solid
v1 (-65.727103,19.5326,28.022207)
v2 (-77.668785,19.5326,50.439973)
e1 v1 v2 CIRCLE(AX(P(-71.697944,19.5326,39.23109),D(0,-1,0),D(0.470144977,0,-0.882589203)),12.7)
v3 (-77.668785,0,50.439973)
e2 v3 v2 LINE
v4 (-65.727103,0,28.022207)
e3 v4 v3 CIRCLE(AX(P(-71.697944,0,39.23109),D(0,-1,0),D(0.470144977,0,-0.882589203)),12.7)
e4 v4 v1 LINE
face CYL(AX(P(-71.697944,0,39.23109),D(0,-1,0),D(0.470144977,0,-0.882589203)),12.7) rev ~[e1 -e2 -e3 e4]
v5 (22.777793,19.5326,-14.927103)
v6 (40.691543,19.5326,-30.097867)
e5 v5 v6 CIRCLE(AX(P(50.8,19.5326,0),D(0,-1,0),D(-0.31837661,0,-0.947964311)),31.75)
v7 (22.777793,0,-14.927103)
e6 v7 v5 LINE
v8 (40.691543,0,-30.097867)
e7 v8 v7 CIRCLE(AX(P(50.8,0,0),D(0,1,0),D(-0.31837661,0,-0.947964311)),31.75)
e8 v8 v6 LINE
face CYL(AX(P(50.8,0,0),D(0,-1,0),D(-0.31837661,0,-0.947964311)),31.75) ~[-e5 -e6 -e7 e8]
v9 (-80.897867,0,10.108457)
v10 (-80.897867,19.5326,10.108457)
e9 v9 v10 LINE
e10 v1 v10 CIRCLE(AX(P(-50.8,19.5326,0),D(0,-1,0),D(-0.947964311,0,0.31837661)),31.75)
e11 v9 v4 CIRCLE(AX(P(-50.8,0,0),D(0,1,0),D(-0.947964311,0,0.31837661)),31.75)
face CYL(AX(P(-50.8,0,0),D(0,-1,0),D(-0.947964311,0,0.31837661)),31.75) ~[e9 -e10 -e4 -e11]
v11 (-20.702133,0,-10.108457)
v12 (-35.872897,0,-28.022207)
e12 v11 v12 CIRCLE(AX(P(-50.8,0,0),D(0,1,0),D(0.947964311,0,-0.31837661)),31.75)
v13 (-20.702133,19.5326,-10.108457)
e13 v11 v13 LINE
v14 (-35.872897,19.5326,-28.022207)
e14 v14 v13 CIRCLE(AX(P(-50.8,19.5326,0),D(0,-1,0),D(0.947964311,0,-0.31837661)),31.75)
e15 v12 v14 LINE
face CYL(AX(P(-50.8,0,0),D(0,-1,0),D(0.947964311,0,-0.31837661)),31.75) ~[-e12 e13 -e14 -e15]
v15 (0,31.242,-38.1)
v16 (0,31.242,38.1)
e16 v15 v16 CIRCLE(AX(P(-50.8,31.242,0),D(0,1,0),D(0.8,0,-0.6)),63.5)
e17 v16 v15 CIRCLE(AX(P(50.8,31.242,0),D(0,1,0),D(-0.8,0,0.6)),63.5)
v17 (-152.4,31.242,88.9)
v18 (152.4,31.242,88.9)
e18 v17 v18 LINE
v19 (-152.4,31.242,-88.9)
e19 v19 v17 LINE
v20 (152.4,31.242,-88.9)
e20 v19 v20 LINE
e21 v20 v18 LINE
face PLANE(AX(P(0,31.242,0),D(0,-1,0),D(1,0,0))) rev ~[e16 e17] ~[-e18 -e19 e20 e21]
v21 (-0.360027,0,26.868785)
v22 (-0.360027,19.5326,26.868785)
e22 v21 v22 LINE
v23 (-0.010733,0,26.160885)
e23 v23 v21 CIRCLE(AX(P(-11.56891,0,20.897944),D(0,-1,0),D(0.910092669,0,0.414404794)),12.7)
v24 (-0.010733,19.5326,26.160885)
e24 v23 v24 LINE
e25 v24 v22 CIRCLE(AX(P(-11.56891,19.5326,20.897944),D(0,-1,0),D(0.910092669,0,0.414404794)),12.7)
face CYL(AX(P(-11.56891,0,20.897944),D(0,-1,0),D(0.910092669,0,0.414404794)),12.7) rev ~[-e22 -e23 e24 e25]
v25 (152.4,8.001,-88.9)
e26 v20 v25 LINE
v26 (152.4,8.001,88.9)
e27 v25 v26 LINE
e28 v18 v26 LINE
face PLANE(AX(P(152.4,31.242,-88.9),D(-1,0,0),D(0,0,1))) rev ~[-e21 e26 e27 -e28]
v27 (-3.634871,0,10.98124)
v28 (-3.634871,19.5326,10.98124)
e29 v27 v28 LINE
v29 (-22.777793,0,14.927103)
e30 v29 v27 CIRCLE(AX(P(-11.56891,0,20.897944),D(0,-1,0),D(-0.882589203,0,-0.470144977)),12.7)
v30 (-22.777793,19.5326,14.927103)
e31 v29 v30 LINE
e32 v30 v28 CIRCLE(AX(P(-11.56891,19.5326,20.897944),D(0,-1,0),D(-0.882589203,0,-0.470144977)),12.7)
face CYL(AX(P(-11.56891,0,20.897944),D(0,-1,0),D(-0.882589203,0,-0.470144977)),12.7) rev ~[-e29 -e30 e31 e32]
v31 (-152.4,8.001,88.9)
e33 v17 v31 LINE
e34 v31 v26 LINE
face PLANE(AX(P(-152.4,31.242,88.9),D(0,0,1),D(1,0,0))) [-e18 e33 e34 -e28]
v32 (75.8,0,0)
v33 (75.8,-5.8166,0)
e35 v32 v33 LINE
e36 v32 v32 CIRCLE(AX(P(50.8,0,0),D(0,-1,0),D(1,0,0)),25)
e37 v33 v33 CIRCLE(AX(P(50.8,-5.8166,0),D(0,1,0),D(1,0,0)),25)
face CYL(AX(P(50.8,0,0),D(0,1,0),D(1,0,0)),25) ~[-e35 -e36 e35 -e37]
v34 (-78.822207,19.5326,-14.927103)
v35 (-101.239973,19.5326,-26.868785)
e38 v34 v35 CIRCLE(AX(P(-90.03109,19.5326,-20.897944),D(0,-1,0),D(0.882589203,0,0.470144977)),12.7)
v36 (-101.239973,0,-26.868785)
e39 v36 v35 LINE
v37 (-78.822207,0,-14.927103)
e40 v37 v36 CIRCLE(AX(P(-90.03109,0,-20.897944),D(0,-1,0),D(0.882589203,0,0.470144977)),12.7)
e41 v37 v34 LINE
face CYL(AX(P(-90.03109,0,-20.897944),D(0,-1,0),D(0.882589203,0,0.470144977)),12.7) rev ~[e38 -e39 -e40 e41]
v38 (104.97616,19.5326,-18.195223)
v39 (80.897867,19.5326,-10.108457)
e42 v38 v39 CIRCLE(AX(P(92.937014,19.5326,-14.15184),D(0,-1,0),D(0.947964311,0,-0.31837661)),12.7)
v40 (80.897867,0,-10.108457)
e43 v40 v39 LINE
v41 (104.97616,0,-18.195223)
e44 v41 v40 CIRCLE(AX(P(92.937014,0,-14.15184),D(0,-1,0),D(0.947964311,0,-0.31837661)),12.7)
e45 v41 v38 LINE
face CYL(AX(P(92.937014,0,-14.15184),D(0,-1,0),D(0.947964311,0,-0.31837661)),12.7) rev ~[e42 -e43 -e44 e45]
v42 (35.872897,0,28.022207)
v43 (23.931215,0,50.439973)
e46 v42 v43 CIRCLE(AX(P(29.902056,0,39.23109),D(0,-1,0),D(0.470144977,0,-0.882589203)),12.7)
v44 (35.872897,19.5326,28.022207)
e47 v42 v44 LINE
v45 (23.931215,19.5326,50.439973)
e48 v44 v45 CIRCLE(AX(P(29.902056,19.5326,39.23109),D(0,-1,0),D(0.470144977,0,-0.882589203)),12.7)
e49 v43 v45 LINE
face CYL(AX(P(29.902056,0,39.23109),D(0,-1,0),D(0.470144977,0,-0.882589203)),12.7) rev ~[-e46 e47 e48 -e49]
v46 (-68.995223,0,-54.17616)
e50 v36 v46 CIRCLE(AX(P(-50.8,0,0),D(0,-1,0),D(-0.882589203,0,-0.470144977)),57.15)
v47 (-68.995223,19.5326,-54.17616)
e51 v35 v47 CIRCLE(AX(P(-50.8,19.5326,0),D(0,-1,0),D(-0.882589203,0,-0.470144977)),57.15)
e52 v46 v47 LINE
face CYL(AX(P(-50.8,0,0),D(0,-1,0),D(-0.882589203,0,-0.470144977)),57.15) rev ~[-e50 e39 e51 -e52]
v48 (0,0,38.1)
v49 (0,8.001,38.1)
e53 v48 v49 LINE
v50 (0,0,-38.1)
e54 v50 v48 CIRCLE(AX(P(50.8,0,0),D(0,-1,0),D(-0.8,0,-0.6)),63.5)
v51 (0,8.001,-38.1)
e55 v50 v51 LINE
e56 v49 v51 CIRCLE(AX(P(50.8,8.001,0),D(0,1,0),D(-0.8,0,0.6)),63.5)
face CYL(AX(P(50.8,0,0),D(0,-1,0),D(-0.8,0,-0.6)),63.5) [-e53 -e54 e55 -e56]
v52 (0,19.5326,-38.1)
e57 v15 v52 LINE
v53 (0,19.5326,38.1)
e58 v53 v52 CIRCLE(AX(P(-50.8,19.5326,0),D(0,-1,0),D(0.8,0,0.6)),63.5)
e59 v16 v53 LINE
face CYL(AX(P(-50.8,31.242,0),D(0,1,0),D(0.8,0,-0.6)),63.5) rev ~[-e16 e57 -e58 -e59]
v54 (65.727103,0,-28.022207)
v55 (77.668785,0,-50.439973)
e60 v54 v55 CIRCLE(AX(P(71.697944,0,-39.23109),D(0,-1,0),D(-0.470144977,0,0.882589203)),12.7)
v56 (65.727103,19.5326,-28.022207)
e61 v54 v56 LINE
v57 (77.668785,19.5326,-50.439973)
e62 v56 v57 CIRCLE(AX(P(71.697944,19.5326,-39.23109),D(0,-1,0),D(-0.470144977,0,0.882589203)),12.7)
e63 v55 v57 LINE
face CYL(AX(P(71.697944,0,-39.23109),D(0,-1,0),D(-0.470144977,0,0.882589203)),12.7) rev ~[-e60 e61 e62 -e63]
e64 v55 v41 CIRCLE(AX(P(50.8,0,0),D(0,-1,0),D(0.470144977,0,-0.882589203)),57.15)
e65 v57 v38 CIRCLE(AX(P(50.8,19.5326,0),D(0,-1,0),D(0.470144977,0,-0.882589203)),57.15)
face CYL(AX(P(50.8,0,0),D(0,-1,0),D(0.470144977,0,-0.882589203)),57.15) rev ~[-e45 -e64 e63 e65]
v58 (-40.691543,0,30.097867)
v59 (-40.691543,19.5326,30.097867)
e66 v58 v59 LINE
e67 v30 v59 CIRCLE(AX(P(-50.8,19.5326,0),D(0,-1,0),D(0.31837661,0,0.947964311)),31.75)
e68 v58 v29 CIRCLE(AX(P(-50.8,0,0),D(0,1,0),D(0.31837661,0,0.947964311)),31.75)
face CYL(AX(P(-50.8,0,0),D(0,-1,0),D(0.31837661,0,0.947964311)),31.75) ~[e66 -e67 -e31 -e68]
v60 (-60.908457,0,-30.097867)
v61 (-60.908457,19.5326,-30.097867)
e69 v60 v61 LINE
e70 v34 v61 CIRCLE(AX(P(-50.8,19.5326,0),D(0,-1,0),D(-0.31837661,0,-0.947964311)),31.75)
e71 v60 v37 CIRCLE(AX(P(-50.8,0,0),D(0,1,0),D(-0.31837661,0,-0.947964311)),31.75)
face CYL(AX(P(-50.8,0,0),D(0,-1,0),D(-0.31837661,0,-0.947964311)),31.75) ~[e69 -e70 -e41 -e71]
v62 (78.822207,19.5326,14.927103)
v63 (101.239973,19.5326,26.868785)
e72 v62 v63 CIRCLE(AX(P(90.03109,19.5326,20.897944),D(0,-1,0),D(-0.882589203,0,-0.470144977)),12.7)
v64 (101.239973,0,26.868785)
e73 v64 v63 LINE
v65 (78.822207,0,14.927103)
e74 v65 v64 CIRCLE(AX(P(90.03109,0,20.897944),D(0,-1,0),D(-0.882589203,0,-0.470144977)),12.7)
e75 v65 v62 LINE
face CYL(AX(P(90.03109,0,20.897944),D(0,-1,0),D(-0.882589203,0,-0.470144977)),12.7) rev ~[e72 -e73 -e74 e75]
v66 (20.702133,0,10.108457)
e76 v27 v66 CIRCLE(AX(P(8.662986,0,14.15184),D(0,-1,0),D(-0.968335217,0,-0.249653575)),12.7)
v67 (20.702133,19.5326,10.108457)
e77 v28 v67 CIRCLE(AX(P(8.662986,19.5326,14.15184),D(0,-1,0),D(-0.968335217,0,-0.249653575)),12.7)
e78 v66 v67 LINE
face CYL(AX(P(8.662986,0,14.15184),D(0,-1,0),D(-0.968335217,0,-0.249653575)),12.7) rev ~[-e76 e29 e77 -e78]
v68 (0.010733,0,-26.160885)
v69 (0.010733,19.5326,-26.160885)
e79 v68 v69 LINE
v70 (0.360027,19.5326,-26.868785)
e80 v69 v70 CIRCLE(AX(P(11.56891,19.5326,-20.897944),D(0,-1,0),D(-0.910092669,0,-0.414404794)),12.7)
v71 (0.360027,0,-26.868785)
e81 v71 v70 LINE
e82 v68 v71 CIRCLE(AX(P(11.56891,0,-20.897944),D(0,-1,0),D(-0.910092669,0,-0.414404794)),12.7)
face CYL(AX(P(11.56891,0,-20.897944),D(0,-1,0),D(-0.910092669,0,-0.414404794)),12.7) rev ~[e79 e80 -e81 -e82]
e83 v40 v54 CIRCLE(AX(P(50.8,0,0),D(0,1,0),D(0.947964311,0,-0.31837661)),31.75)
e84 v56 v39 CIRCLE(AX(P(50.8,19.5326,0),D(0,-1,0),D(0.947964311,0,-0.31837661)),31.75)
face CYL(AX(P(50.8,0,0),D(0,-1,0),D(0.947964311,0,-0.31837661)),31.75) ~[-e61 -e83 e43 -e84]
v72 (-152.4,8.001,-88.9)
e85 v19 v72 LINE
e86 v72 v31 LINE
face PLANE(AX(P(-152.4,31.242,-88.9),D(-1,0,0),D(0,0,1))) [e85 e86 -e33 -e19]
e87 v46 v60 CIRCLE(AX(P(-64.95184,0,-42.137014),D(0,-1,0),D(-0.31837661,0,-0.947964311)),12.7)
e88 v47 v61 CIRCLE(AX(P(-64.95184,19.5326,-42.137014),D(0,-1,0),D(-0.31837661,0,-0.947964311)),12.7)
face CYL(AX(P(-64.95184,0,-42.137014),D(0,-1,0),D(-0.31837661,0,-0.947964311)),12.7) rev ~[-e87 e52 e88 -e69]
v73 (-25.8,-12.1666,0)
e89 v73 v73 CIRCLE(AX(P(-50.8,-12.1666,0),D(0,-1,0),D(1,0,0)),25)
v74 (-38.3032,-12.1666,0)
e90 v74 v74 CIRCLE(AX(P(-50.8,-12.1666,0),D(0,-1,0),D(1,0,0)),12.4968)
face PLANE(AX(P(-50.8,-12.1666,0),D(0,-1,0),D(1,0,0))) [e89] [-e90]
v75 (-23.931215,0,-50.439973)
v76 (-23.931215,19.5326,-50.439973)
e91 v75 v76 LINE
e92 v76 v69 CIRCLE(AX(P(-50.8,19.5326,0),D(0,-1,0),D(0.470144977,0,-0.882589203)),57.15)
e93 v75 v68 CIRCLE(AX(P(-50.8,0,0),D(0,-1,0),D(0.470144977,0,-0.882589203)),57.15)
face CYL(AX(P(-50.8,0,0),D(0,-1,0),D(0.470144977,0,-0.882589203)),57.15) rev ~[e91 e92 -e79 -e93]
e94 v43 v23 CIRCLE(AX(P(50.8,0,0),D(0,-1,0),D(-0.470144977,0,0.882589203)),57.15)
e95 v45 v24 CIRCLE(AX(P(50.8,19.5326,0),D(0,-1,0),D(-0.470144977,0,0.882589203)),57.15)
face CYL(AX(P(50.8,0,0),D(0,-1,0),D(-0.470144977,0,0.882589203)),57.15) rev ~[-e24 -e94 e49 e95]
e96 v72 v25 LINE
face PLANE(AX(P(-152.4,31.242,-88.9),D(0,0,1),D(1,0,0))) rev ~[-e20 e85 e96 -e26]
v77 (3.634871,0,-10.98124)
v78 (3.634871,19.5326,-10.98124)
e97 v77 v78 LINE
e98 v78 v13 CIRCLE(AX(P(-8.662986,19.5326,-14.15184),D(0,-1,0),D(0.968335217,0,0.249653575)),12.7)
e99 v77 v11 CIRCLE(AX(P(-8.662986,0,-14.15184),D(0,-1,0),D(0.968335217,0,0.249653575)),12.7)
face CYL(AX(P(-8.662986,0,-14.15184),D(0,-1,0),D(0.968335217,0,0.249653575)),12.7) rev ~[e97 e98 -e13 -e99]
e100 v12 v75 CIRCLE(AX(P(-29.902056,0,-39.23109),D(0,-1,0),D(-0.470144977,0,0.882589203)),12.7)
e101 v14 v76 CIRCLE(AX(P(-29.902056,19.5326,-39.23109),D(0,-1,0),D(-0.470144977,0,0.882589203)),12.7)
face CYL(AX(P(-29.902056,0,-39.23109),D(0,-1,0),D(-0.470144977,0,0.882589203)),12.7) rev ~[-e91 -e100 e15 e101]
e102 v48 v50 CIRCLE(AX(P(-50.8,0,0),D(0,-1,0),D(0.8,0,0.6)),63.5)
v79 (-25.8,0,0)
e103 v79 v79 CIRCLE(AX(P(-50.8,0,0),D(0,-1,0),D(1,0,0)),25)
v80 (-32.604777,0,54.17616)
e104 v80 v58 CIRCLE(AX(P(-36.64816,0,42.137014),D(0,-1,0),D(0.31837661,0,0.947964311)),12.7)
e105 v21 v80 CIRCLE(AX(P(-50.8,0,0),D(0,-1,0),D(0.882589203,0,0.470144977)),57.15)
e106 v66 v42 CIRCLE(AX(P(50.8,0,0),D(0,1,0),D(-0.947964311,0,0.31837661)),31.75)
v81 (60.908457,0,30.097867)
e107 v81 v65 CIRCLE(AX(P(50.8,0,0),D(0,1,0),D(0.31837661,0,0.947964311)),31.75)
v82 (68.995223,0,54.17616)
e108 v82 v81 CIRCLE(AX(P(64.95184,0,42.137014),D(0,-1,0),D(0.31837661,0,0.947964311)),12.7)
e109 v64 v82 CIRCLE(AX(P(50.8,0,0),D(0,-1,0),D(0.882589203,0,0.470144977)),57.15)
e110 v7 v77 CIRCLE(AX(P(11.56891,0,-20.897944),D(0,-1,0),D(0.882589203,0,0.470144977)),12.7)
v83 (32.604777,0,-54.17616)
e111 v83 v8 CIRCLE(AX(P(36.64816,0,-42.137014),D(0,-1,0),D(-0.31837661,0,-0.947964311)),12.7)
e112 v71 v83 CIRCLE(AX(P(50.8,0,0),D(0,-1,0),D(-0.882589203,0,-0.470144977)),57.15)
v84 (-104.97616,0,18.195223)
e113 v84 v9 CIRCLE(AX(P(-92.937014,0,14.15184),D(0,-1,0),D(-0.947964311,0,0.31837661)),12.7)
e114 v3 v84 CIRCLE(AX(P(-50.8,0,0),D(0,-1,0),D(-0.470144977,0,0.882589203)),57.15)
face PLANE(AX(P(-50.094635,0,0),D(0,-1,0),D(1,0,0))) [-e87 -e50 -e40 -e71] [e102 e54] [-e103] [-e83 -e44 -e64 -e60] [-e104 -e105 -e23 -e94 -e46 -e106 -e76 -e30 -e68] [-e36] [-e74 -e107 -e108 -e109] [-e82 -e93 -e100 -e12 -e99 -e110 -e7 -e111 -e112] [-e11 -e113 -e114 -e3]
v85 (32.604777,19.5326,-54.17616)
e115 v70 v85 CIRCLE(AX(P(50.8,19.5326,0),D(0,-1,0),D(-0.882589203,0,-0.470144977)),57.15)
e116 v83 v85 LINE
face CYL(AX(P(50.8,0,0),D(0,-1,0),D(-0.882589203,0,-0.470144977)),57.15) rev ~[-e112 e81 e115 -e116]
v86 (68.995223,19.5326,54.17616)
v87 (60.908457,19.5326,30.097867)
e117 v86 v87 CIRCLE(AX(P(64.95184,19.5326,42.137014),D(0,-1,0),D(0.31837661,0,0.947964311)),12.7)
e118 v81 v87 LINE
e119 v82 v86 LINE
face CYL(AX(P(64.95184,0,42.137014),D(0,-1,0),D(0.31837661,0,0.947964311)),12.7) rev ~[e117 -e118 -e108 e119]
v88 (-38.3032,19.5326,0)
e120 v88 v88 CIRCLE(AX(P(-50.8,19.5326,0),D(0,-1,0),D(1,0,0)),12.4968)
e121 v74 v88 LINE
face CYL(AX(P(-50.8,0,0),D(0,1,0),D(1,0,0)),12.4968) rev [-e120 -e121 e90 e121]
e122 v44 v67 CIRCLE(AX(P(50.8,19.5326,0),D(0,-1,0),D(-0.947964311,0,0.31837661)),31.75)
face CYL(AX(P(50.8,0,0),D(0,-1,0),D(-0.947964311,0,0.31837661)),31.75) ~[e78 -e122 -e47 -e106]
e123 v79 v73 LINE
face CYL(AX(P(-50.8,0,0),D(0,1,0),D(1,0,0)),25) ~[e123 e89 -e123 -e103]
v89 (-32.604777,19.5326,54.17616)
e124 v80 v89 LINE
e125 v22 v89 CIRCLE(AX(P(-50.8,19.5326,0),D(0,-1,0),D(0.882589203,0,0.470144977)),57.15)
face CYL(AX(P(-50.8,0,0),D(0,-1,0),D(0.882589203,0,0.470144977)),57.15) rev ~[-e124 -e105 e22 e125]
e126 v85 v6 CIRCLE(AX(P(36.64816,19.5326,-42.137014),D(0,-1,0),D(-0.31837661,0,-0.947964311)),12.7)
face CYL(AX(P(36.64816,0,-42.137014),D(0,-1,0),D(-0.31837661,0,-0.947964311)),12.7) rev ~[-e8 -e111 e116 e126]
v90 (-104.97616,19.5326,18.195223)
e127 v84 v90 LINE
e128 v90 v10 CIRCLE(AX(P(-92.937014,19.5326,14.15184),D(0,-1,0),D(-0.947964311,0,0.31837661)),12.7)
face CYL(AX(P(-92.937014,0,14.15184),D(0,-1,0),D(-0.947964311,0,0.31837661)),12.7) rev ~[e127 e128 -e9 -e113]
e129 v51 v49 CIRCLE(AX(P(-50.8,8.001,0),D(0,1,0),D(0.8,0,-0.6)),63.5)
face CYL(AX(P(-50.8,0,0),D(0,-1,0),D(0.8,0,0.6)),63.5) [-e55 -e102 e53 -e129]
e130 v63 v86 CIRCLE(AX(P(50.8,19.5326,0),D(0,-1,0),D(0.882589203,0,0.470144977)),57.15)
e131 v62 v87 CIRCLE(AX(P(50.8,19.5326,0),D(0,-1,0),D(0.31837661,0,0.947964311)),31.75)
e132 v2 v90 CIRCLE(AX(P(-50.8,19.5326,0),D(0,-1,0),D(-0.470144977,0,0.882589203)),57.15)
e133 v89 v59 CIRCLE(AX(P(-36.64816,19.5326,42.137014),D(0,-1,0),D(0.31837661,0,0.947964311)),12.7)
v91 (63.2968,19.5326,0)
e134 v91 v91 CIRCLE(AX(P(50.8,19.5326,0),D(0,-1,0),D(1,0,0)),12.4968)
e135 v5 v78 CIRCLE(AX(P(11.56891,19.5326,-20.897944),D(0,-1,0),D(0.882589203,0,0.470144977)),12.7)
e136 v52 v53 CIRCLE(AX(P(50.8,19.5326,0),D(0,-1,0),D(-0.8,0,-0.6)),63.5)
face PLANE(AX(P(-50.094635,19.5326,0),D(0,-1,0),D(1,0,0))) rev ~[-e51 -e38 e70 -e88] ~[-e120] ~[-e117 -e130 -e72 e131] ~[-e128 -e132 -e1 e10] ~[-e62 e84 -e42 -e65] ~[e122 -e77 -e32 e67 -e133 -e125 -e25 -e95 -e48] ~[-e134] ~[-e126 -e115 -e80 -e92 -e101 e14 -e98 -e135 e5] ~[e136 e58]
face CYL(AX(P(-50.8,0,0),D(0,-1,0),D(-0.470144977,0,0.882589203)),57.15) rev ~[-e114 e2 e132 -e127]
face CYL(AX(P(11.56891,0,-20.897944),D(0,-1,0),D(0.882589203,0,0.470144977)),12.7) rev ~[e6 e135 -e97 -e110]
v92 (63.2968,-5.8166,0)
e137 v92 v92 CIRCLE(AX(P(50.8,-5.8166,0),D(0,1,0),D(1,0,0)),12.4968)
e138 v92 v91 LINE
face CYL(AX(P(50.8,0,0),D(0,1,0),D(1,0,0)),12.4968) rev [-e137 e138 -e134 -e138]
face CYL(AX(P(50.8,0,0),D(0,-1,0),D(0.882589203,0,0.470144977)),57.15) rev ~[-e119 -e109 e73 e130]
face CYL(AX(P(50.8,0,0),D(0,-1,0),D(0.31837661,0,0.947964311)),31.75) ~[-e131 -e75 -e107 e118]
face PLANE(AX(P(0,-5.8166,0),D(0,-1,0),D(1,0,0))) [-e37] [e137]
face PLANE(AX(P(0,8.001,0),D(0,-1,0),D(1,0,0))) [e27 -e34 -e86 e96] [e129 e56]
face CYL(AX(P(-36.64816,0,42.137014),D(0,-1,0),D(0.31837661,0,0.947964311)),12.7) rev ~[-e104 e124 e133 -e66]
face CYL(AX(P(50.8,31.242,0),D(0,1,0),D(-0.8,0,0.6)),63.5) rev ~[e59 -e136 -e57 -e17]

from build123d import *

# Parameters (mm, degrees)
F2_W          = 304.8
F2_H          = 177.8
F3_DEPTH      = 23.241
F0_R          = 25
F0_R_2        = 12.4968
F4_DEPTH      = 12.1666
F5_DEPTH      = 19.5326
F6_W          = 127
F6_H          = 25.4
F7_DEPTH      = 127
F7_DEPTH_BACK = 127
F9_DEPTH      = 31.243


with BuildPart() as f3:
    # F2 (on offset) → F3 (new body)
    with BuildSketch(Plane.XZ.offset(-31.242)):
        Rectangle(F2_W, F2_H)
        with BuildLine():
            ThreePointArc((0, -38.1), (-114.3, 0), (0, 38.1))
            ThreePointArc((0, 38.1), (70.8804631421, 60.2413894262), (114.3, 0))
            ThreePointArc((114.3, 0), (70.8804631421, -60.2413894262), (0, -38.1))
        make_face(mode=Mode.SUBTRACT)
    extrude(amount=F3_DEPTH)



with BuildPart() as f4:
    # F0 (on Front) → F4 (new body)
    with BuildSketch(Plane.XZ):
        with Locations((-50.8, 0)):
            Circle(F0_R)
        with Locations((-50.8, 0)):
            Circle(F0_R_2, mode=Mode.SUBTRACT)
    extrude(amount=F4_DEPTH)


with BuildPart() as f4b:
    # F0 (on Front) → F4, piece 2 (new body)
    with BuildSketch(Plane.XZ):
        with Locations((50.8, 0)):
            Circle(F0_R)
        with Locations((50.8, 0)):
            Circle(F0_R_2, mode=Mode.SUBTRACT)
    extrude(amount=F4_DEPTH)


with BuildPart() as f3_1:
    add(f3.part)

    add(f4.part)  # F5 merges F4

    add(f4b.part)  # F5 merges F4b
    # F0 (on Front) → F5 (join)
    with BuildSketch(Plane.XZ):
        with BuildLine():
            ThreePointArc((0, -38.1), (-12.7, 0), (0, 38.1))
            ThreePointArc((0, 38.1), (-114.3, 0), (0, -38.1))
        make_face()
        with Locations((-50.8, 0)):
            Circle(F0_R, mode=Mode.SUBTRACT)
        with Locations((-50.8, 0)):
            Circle(F0_R)
        with Locations((-50.8, 0)):
            Circle(F0_R_2, mode=Mode.SUBTRACT)
        with BuildLine():
            ThreePointArc((0, 38.1), (9.4413894262, 20.0804631421), (12.7, 0))
            ThreePointArc((12.7, 0), (9.4413894262, -20.0804631421), (0, -38.1))
            ThreePointArc((0, -38.1), (70.8804631421, -60.2413894262), (114.3, 0))
            ThreePointArc((114.3, 0), (70.8804631421, 60.2413894262), (0, 38.1))
        make_face()
        with Locations((50.8, 0)):
            Circle(F0_R, mode=Mode.SUBTRACT)
        with Locations((50.8, 0)):
            Circle(F0_R)
        with Locations((50.8, 0)):
            Circle(F0_R_2, mode=Mode.SUBTRACT)
        with BuildLine():
            ThreePointArc((0, -38.1), (9.4413894262, -20.0804631421), (12.7, 0))
            ThreePointArc((12.7, 0), (9.4413894262, 20.0804631421), (0, 38.1))
            ThreePointArc((0, 38.1), (-12.7, 0), (0, -38.1))
        make_face()
    extrude(amount=-F5_DEPTH)

    # F6 (on Top) → F7 (cut, two sides)
    with BuildSketch(Plane.XY) as f7_sk:
        with Locations((63.5, -18.5166)):
            Rectangle(F6_W, F6_H)
    extrude(amount=-F7_DEPTH, mode=Mode.SUBTRACT)
    extrude(f7_sk.sketch, amount=F7_DEPTH_BACK, mode=Mode.SUBTRACT)

    # F8 (on Front) → F9 (cut, through all)
    with BuildSketch(Plane.XZ):
        with BuildLine():
            ThreePointArc((-65.7271030045, 28.0222071917), (-60.4890613296, 45.2019312701), (-77.6687854081, 50.439972945))
            ThreePointArc((-77.6687854081, 50.439972945), (-94.411945371, 36.9340049406), (-104.9761603541, 18.1952232547))
            ThreePointArc((-104.9761603541, 18.1952232547), (-96.9803965542, 2.1126935639), (-80.8978668634, 10.1084573637))
            ThreePointArc((-80.8978668634, 10.1084573637), (-75.0288585395, 20.5188916337), (-65.7271030045, 28.0222071917))
        make_face()
        with BuildLine():
            ThreePointArc((-78.8222071917, -14.9271030045), (-96.0019312701, -9.6890613296), (-101.239972945, -26.8687854081))
            ThreePointArc((-101.239972945, -26.8687854081), (-87.7340049406, -43.611945371), (-68.9952232547, -54.1761603541))
            ThreePointArc((-68.9952232547, -54.1761603541), (-52.9126935639, -46.1803965542), (-60.9084573637, -30.0978668634))
            ThreePointArc((-60.9084573637, -30.0978668634), (-71.3188916337, -24.2288585395), (-78.8222071917, -14.9271030045))
        make_face()
        with BuildLine():
            ThreePointArc((-35.8728969955, -28.0222071917), (-41.1109386704, -45.2019312701), (-23.9312145919, -50.439972945))
            ThreePointArc((-23.9312145919, -50.439972945), (-10.107305041, -40.127634829), (0.010733032, -26.1608850911))
            ThreePointArc((0.010733032, -26.1608850911), (0.1798786546, -26.5175497593), (0.360027055, -26.8687854081))
            ThreePointArc((0.360027055, -26.8687854081), (13.8659950594, -43.611945371), (32.6047767453, -54.1761603541))
            ThreePointArc((32.6047767453, -54.1761603541), (48.6873064361, -46.1803965542), (40.6915426363, -30.0978668634))
            ThreePointArc((40.6915426363, -30.0978668634), (30.2811083663, -24.2288585395), (22.7777928083, -14.9271030045))
            ThreePointArc((22.7777928083, -14.9271030045), (14.1328150363, -8.4594398503), (3.6348708656, -10.9812399102))
            ThreePointArc((3.6348708656, -10.9812399102), (-8.2078269406, -1.4599992342), (-20.7021331366, -10.1084573637))
            ThreePointArc((-20.7021331366, -10.1084573637), (-26.5711414605, -20.5188916337), (-35.8728969955, -28.0222071917))
        make_face()
        with BuildLine():
            ThreePointArc((-0.010733032, 26.1608850911), (-0.1798786546, 26.5175497593), (-0.360027055, 26.8687854081))
            ThreePointArc((-0.360027055, 26.8687854081), (-13.8659950594, 43.611945371), (-32.6047767453, 54.1761603541))
            ThreePointArc((-32.6047767453, 54.1761603541), (-48.6873064361, 46.1803965542), (-40.6915426363, 30.0978668634))
            ThreePointArc((-40.6915426363, 30.0978668634), (-30.2811083663, 24.2288585395), (-22.7777928083, 14.9271030045))
            ThreePointArc((-22.7777928083, 14.9271030045), (-14.1328150363, 8.4594398503), (-3.6348708656, 10.9812399102))
            ThreePointArc((-3.6348708656, 10.9812399102), (8.2078269406, 1.4599992342), (20.7021331366, 10.1084573637))
            ThreePointArc((20.7021331366, 10.1084573637), (26.5711414605, 20.5188916337), (35.8728969955, 28.0222071917))
            ThreePointArc((35.8728969955, 28.0222071917), (41.1109386704, 45.2019312701), (23.9312145919, 50.439972945))
            ThreePointArc((23.9312145919, 50.439972945), (10.107305041, 40.127634829), (-0.010733032, 26.1608850911))
        make_face()
        with BuildLine():
            ThreePointArc((101.239972945, 26.8687854081), (87.7340049406, 43.611945371), (68.9952232547, 54.1761603541))
            ThreePointArc((68.9952232547, 54.1761603541), (52.9126935639, 46.1803965542), (60.9084573637, 30.0978668634))
            ThreePointArc((60.9084573637, 30.0978668634), (71.3188916337, 24.2288585395), (78.8222071917, 14.9271030045))
            ThreePointArc((78.8222071917, 14.9271030045), (96.0019312701, 9.6890613296), (101.239972945, 26.8687854081))
        make_face()
        with BuildLine():
            ThreePointArc((77.6687854081, -50.439972945), (94.411945371, -36.9340049406), (104.9761603541, -18.1952232547))
            ThreePointArc((104.9761603541, -18.1952232547), (96.9803965542, -2.1126935639), (80.8978668634, -10.1084573637))
            ThreePointArc((80.8978668634, -10.1084573637), (75.0288585395, -20.5188916337), (65.7271030045, -28.0222071917))
            ThreePointArc((65.7271030045, -28.0222071917), (60.4890613296, -45.2019312701), (77.6687854081, -50.439972945))
        make_face()
    extrude(amount=-F9_DEPTH, mode=Mode.SUBTRACT)


solid = f3_1.part
